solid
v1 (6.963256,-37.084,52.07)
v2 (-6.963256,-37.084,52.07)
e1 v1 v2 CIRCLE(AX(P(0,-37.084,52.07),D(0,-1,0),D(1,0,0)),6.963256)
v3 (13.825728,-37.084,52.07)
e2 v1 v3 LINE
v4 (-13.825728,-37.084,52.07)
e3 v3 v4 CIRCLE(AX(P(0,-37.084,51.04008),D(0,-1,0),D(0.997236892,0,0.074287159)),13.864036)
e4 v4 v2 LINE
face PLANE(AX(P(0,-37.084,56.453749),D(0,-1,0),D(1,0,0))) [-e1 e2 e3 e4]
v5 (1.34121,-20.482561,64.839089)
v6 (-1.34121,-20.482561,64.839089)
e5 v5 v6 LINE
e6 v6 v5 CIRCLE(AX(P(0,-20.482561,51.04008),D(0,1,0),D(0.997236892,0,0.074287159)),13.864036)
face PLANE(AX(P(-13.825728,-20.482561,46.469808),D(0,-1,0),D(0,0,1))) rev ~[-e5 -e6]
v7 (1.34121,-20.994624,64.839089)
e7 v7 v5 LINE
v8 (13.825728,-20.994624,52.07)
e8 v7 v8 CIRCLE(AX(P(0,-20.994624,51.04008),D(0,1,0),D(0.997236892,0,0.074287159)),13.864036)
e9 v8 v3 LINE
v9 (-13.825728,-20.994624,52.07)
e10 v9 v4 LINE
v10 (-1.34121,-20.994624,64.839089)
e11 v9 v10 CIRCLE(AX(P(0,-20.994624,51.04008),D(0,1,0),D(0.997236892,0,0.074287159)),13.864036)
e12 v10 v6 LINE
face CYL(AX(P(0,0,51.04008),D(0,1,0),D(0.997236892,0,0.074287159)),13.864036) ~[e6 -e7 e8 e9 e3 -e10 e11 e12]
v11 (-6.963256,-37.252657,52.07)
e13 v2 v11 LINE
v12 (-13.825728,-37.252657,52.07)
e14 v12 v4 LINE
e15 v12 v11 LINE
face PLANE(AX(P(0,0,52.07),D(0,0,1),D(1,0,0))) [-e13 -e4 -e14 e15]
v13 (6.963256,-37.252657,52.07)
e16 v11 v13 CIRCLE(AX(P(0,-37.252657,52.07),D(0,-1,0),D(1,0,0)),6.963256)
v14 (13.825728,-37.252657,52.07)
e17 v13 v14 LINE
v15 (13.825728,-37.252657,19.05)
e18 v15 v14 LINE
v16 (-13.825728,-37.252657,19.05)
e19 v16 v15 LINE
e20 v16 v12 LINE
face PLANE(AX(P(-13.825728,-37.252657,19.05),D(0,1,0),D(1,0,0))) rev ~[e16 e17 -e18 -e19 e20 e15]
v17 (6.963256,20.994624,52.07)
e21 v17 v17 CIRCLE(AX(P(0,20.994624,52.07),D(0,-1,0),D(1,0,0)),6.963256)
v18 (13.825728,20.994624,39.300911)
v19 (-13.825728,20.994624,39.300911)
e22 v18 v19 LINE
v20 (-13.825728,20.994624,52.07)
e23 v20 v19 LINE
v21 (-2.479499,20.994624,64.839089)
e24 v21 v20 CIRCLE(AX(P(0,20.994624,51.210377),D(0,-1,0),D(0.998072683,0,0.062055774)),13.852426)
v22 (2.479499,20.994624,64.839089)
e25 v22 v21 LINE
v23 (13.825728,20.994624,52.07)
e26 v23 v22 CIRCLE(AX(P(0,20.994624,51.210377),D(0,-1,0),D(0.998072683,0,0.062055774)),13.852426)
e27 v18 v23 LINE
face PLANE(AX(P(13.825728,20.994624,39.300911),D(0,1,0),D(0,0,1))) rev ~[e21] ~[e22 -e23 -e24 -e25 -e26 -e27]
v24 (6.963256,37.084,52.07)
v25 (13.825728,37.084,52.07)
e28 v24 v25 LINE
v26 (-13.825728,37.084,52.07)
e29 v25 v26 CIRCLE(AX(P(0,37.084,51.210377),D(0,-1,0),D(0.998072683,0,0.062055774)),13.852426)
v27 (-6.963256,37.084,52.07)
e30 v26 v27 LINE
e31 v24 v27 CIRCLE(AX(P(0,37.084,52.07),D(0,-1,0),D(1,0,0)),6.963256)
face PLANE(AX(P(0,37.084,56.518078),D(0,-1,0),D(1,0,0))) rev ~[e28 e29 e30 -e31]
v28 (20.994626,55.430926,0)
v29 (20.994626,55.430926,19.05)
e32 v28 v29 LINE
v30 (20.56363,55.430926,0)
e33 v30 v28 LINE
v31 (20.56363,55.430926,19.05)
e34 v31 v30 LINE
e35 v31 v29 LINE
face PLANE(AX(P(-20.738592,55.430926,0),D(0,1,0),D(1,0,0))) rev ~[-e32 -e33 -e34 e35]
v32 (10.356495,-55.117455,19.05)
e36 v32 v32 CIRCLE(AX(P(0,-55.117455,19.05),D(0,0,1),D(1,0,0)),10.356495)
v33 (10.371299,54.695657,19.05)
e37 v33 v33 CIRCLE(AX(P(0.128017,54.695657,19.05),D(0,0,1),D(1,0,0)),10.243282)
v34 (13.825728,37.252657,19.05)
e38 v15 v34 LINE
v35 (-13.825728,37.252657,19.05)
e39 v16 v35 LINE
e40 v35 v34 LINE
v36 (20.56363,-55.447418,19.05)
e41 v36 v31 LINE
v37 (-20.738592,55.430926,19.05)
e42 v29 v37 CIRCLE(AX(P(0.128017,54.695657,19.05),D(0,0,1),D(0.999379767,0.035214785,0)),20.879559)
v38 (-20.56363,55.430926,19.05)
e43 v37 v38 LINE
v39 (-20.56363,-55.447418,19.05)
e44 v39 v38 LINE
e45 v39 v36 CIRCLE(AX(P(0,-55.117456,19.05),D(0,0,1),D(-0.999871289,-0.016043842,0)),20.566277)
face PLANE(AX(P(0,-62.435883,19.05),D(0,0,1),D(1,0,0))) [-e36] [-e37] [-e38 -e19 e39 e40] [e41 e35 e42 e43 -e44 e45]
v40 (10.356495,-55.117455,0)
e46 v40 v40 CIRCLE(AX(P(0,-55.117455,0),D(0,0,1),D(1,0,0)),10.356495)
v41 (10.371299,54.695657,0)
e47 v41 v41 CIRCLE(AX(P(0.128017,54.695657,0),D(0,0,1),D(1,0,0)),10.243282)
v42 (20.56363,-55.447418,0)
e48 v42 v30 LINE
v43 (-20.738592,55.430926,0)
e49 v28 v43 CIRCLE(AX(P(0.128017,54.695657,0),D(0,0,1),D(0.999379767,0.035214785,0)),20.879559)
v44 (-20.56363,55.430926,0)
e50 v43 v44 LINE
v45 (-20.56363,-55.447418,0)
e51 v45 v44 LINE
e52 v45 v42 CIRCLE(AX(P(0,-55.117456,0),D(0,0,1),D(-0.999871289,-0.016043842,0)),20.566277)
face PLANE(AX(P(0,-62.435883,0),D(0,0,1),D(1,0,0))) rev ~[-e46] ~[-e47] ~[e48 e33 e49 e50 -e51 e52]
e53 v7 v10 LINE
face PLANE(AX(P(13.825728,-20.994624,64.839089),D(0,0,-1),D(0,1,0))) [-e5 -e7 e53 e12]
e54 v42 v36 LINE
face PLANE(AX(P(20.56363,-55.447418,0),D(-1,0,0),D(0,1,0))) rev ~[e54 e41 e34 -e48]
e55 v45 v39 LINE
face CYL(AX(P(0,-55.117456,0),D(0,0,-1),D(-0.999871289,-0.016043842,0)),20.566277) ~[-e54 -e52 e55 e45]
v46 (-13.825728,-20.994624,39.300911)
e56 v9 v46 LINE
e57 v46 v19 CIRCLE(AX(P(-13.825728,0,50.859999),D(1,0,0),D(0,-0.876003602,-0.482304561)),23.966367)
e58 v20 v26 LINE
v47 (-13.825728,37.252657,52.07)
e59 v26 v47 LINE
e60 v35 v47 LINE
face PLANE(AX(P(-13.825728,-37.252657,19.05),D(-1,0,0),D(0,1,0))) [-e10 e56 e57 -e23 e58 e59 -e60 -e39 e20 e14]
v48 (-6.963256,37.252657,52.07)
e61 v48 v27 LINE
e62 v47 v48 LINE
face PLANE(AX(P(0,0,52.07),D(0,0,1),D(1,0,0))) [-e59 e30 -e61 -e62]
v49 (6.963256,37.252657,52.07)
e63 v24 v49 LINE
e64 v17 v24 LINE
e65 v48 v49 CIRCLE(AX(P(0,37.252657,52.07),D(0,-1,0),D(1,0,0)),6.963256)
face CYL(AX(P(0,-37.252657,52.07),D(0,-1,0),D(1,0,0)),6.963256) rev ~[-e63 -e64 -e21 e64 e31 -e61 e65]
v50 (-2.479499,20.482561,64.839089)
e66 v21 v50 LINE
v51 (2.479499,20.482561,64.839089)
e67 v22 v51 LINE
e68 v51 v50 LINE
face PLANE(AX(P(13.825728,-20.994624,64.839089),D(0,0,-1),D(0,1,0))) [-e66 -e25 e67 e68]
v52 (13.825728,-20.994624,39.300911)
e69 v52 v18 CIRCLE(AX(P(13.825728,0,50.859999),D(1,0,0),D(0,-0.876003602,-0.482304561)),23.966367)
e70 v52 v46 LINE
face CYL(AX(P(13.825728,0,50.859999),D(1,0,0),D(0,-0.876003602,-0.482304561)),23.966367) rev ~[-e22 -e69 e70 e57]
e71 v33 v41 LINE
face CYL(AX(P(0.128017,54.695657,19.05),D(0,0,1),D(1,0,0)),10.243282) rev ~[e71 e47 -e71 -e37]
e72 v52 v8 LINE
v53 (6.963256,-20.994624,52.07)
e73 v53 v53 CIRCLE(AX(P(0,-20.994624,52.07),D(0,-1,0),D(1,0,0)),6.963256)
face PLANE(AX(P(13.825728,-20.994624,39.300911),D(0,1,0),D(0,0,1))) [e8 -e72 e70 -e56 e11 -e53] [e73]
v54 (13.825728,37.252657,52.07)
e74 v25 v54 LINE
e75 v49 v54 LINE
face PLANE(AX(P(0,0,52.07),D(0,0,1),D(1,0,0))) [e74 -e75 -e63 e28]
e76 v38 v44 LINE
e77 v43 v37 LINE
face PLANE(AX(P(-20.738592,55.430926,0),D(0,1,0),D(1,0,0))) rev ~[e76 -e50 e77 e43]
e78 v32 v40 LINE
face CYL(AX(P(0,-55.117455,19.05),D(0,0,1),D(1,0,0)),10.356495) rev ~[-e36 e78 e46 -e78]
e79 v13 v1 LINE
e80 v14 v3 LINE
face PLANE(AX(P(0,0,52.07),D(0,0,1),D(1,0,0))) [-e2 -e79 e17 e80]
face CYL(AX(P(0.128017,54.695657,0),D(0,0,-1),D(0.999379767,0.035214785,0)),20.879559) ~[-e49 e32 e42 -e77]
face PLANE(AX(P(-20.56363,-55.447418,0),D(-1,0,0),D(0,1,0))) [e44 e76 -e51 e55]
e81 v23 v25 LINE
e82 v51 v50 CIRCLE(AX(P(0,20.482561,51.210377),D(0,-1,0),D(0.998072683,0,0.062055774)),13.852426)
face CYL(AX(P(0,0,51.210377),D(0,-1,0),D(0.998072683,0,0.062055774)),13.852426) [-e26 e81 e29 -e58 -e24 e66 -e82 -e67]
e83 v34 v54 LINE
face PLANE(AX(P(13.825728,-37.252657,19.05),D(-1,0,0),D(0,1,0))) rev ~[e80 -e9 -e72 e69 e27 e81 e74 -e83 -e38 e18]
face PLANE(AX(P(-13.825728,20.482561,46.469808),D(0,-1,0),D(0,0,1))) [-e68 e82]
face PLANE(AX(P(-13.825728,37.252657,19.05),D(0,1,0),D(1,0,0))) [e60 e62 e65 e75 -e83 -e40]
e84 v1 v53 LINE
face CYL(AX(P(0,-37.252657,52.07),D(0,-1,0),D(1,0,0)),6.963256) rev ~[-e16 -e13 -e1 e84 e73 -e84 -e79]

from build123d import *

# Parameters (mm, degrees)
F0_W      = 41.12726
F0_H      = 110.894836
F1_DEPTH  = 19.05
F3_DEPTH  = 19.05
F5_DEPTH  = 19.05
F6_W      = 27.651456
F6_H      = 74.505314
F7_DEPTH  = 33.02
F9_DEPTH  = 37.084
F11_DEPTH = 37.084
F12_R     = 6.963256
F13_DEPTH = 112.828874
F14_W     = 41.989248
F14_H     = 25.538178
F15_DEPTH = 34.56532
F16_W     = 40.965122
F16_H     = 20.482562
F17_DEPTH = 34.821354
F18_R     = 10.243282
F19_DEPTH = 19.051
F20_R     = 10.356495
F21_DEPTH = 19.051


with BuildPart() as f1:
    # F0 (on Top) → F1 (new body)
    with BuildSketch(Plane.XY):
        Rectangle(F0_W, F0_H)
    extrude(amount=F1_DEPTH)

    # F2 (on Top) → F3 (join)
    with BuildSketch(Plane.XY):
        with BuildLine():
            Line((-20.738592, 55.430926), (20.994626, 55.430926))
            ThreePointArc((20.994626, 55.430926), (0.128017, 75.575216), (-20.738592, 55.430926))
        make_face()
    extrude(amount=F3_DEPTH)

    # F4 (on Top) → F5 (join)
    with BuildSketch(Plane.XY):
        with BuildLine():
            ThreePointArc((-20.56363, -55.447418), (0, -75.683733), (20.56363, -55.447418))
            Line((20.56363, -55.447418), (-20.56363, -55.447418))
        make_face()
    extrude(amount=F5_DEPTH)

    # F6 (on face) → F7 (join)
    with BuildSketch(Plane.XY.offset(19.05)):
        Rectangle(F6_W, F6_H)
    extrude(amount=F7_DEPTH)

    # F8 (on Front) → F9 (join)
    with BuildSketch(Plane.XZ):
        with BuildLine():
            Line((-13.825728, 52.07), (13.825728, 52.07))
            ThreePointArc((13.825728, 52.07), (0, 64.904116), (-13.825728, 52.07))
        make_face()
    extrude(amount=F9_DEPTH)

    # F10 (on Front) → F11 (join)
    with BuildSketch(Plane.XZ):
        with BuildLine():
            Line((-13.825728, 52.07), (13.825728, 52.07))
            ThreePointArc((13.825728, 52.07), (0, 65.062803), (-13.825728, 52.07))
        make_face()
    extrude(amount=-F11_DEPTH)

    # F12 (on face) → F13 (cut, through all)
    with BuildSketch(Plane.XZ.offset(37.252657)):
        with Locations((0, 52.07)):
            Circle(F12_R)
    extrude(amount=-F13_DEPTH, mode=Mode.SUBTRACT)

    # F14 (on face) → F15 (cut, through all)
    with BuildSketch(Plane.YZ.offset(13.825728)):
        with Locations((0, 52.07)):
            Rectangle(F14_W, F14_H)
        with BuildLine():
            Line((20.994624, 39.300911), (-20.994624, 39.300911))
            ThreePointArc((-20.994624, 39.300911), (0, 26.893632), (20.994624, 39.300911))
        make_face()
    extrude(amount=-F15_DEPTH, mode=Mode.SUBTRACT)

    # F16 (on face) → F17 (cut, through all)
    with BuildSketch(Plane(origin=(-13.825728, 0, 0), x_dir=(0, -1, 0), z_dir=(-1, 0, 0))):
        with Locations((0, 56.711089)):
            Rectangle(F16_W, F16_H)
    extrude(amount=-F17_DEPTH, mode=Mode.SUBTRACT)

    # F18 (on face) → F19 (cut, through all)
    with BuildSketch(Plane.XY.offset(19.05)):
        with Locations((0.128017, 54.695657)):
            Circle(F18_R)
    extrude(amount=-F19_DEPTH, mode=Mode.SUBTRACT)

    # F20 (on face) → F21 (cut, through all)
    with BuildSketch(Plane.XY.offset(19.05)):
        with Locations((0, -55.117455)):
            Circle(F20_R)
    extrude(amount=-F21_DEPTH, mode=Mode.SUBTRACT)


solid = f1.part
